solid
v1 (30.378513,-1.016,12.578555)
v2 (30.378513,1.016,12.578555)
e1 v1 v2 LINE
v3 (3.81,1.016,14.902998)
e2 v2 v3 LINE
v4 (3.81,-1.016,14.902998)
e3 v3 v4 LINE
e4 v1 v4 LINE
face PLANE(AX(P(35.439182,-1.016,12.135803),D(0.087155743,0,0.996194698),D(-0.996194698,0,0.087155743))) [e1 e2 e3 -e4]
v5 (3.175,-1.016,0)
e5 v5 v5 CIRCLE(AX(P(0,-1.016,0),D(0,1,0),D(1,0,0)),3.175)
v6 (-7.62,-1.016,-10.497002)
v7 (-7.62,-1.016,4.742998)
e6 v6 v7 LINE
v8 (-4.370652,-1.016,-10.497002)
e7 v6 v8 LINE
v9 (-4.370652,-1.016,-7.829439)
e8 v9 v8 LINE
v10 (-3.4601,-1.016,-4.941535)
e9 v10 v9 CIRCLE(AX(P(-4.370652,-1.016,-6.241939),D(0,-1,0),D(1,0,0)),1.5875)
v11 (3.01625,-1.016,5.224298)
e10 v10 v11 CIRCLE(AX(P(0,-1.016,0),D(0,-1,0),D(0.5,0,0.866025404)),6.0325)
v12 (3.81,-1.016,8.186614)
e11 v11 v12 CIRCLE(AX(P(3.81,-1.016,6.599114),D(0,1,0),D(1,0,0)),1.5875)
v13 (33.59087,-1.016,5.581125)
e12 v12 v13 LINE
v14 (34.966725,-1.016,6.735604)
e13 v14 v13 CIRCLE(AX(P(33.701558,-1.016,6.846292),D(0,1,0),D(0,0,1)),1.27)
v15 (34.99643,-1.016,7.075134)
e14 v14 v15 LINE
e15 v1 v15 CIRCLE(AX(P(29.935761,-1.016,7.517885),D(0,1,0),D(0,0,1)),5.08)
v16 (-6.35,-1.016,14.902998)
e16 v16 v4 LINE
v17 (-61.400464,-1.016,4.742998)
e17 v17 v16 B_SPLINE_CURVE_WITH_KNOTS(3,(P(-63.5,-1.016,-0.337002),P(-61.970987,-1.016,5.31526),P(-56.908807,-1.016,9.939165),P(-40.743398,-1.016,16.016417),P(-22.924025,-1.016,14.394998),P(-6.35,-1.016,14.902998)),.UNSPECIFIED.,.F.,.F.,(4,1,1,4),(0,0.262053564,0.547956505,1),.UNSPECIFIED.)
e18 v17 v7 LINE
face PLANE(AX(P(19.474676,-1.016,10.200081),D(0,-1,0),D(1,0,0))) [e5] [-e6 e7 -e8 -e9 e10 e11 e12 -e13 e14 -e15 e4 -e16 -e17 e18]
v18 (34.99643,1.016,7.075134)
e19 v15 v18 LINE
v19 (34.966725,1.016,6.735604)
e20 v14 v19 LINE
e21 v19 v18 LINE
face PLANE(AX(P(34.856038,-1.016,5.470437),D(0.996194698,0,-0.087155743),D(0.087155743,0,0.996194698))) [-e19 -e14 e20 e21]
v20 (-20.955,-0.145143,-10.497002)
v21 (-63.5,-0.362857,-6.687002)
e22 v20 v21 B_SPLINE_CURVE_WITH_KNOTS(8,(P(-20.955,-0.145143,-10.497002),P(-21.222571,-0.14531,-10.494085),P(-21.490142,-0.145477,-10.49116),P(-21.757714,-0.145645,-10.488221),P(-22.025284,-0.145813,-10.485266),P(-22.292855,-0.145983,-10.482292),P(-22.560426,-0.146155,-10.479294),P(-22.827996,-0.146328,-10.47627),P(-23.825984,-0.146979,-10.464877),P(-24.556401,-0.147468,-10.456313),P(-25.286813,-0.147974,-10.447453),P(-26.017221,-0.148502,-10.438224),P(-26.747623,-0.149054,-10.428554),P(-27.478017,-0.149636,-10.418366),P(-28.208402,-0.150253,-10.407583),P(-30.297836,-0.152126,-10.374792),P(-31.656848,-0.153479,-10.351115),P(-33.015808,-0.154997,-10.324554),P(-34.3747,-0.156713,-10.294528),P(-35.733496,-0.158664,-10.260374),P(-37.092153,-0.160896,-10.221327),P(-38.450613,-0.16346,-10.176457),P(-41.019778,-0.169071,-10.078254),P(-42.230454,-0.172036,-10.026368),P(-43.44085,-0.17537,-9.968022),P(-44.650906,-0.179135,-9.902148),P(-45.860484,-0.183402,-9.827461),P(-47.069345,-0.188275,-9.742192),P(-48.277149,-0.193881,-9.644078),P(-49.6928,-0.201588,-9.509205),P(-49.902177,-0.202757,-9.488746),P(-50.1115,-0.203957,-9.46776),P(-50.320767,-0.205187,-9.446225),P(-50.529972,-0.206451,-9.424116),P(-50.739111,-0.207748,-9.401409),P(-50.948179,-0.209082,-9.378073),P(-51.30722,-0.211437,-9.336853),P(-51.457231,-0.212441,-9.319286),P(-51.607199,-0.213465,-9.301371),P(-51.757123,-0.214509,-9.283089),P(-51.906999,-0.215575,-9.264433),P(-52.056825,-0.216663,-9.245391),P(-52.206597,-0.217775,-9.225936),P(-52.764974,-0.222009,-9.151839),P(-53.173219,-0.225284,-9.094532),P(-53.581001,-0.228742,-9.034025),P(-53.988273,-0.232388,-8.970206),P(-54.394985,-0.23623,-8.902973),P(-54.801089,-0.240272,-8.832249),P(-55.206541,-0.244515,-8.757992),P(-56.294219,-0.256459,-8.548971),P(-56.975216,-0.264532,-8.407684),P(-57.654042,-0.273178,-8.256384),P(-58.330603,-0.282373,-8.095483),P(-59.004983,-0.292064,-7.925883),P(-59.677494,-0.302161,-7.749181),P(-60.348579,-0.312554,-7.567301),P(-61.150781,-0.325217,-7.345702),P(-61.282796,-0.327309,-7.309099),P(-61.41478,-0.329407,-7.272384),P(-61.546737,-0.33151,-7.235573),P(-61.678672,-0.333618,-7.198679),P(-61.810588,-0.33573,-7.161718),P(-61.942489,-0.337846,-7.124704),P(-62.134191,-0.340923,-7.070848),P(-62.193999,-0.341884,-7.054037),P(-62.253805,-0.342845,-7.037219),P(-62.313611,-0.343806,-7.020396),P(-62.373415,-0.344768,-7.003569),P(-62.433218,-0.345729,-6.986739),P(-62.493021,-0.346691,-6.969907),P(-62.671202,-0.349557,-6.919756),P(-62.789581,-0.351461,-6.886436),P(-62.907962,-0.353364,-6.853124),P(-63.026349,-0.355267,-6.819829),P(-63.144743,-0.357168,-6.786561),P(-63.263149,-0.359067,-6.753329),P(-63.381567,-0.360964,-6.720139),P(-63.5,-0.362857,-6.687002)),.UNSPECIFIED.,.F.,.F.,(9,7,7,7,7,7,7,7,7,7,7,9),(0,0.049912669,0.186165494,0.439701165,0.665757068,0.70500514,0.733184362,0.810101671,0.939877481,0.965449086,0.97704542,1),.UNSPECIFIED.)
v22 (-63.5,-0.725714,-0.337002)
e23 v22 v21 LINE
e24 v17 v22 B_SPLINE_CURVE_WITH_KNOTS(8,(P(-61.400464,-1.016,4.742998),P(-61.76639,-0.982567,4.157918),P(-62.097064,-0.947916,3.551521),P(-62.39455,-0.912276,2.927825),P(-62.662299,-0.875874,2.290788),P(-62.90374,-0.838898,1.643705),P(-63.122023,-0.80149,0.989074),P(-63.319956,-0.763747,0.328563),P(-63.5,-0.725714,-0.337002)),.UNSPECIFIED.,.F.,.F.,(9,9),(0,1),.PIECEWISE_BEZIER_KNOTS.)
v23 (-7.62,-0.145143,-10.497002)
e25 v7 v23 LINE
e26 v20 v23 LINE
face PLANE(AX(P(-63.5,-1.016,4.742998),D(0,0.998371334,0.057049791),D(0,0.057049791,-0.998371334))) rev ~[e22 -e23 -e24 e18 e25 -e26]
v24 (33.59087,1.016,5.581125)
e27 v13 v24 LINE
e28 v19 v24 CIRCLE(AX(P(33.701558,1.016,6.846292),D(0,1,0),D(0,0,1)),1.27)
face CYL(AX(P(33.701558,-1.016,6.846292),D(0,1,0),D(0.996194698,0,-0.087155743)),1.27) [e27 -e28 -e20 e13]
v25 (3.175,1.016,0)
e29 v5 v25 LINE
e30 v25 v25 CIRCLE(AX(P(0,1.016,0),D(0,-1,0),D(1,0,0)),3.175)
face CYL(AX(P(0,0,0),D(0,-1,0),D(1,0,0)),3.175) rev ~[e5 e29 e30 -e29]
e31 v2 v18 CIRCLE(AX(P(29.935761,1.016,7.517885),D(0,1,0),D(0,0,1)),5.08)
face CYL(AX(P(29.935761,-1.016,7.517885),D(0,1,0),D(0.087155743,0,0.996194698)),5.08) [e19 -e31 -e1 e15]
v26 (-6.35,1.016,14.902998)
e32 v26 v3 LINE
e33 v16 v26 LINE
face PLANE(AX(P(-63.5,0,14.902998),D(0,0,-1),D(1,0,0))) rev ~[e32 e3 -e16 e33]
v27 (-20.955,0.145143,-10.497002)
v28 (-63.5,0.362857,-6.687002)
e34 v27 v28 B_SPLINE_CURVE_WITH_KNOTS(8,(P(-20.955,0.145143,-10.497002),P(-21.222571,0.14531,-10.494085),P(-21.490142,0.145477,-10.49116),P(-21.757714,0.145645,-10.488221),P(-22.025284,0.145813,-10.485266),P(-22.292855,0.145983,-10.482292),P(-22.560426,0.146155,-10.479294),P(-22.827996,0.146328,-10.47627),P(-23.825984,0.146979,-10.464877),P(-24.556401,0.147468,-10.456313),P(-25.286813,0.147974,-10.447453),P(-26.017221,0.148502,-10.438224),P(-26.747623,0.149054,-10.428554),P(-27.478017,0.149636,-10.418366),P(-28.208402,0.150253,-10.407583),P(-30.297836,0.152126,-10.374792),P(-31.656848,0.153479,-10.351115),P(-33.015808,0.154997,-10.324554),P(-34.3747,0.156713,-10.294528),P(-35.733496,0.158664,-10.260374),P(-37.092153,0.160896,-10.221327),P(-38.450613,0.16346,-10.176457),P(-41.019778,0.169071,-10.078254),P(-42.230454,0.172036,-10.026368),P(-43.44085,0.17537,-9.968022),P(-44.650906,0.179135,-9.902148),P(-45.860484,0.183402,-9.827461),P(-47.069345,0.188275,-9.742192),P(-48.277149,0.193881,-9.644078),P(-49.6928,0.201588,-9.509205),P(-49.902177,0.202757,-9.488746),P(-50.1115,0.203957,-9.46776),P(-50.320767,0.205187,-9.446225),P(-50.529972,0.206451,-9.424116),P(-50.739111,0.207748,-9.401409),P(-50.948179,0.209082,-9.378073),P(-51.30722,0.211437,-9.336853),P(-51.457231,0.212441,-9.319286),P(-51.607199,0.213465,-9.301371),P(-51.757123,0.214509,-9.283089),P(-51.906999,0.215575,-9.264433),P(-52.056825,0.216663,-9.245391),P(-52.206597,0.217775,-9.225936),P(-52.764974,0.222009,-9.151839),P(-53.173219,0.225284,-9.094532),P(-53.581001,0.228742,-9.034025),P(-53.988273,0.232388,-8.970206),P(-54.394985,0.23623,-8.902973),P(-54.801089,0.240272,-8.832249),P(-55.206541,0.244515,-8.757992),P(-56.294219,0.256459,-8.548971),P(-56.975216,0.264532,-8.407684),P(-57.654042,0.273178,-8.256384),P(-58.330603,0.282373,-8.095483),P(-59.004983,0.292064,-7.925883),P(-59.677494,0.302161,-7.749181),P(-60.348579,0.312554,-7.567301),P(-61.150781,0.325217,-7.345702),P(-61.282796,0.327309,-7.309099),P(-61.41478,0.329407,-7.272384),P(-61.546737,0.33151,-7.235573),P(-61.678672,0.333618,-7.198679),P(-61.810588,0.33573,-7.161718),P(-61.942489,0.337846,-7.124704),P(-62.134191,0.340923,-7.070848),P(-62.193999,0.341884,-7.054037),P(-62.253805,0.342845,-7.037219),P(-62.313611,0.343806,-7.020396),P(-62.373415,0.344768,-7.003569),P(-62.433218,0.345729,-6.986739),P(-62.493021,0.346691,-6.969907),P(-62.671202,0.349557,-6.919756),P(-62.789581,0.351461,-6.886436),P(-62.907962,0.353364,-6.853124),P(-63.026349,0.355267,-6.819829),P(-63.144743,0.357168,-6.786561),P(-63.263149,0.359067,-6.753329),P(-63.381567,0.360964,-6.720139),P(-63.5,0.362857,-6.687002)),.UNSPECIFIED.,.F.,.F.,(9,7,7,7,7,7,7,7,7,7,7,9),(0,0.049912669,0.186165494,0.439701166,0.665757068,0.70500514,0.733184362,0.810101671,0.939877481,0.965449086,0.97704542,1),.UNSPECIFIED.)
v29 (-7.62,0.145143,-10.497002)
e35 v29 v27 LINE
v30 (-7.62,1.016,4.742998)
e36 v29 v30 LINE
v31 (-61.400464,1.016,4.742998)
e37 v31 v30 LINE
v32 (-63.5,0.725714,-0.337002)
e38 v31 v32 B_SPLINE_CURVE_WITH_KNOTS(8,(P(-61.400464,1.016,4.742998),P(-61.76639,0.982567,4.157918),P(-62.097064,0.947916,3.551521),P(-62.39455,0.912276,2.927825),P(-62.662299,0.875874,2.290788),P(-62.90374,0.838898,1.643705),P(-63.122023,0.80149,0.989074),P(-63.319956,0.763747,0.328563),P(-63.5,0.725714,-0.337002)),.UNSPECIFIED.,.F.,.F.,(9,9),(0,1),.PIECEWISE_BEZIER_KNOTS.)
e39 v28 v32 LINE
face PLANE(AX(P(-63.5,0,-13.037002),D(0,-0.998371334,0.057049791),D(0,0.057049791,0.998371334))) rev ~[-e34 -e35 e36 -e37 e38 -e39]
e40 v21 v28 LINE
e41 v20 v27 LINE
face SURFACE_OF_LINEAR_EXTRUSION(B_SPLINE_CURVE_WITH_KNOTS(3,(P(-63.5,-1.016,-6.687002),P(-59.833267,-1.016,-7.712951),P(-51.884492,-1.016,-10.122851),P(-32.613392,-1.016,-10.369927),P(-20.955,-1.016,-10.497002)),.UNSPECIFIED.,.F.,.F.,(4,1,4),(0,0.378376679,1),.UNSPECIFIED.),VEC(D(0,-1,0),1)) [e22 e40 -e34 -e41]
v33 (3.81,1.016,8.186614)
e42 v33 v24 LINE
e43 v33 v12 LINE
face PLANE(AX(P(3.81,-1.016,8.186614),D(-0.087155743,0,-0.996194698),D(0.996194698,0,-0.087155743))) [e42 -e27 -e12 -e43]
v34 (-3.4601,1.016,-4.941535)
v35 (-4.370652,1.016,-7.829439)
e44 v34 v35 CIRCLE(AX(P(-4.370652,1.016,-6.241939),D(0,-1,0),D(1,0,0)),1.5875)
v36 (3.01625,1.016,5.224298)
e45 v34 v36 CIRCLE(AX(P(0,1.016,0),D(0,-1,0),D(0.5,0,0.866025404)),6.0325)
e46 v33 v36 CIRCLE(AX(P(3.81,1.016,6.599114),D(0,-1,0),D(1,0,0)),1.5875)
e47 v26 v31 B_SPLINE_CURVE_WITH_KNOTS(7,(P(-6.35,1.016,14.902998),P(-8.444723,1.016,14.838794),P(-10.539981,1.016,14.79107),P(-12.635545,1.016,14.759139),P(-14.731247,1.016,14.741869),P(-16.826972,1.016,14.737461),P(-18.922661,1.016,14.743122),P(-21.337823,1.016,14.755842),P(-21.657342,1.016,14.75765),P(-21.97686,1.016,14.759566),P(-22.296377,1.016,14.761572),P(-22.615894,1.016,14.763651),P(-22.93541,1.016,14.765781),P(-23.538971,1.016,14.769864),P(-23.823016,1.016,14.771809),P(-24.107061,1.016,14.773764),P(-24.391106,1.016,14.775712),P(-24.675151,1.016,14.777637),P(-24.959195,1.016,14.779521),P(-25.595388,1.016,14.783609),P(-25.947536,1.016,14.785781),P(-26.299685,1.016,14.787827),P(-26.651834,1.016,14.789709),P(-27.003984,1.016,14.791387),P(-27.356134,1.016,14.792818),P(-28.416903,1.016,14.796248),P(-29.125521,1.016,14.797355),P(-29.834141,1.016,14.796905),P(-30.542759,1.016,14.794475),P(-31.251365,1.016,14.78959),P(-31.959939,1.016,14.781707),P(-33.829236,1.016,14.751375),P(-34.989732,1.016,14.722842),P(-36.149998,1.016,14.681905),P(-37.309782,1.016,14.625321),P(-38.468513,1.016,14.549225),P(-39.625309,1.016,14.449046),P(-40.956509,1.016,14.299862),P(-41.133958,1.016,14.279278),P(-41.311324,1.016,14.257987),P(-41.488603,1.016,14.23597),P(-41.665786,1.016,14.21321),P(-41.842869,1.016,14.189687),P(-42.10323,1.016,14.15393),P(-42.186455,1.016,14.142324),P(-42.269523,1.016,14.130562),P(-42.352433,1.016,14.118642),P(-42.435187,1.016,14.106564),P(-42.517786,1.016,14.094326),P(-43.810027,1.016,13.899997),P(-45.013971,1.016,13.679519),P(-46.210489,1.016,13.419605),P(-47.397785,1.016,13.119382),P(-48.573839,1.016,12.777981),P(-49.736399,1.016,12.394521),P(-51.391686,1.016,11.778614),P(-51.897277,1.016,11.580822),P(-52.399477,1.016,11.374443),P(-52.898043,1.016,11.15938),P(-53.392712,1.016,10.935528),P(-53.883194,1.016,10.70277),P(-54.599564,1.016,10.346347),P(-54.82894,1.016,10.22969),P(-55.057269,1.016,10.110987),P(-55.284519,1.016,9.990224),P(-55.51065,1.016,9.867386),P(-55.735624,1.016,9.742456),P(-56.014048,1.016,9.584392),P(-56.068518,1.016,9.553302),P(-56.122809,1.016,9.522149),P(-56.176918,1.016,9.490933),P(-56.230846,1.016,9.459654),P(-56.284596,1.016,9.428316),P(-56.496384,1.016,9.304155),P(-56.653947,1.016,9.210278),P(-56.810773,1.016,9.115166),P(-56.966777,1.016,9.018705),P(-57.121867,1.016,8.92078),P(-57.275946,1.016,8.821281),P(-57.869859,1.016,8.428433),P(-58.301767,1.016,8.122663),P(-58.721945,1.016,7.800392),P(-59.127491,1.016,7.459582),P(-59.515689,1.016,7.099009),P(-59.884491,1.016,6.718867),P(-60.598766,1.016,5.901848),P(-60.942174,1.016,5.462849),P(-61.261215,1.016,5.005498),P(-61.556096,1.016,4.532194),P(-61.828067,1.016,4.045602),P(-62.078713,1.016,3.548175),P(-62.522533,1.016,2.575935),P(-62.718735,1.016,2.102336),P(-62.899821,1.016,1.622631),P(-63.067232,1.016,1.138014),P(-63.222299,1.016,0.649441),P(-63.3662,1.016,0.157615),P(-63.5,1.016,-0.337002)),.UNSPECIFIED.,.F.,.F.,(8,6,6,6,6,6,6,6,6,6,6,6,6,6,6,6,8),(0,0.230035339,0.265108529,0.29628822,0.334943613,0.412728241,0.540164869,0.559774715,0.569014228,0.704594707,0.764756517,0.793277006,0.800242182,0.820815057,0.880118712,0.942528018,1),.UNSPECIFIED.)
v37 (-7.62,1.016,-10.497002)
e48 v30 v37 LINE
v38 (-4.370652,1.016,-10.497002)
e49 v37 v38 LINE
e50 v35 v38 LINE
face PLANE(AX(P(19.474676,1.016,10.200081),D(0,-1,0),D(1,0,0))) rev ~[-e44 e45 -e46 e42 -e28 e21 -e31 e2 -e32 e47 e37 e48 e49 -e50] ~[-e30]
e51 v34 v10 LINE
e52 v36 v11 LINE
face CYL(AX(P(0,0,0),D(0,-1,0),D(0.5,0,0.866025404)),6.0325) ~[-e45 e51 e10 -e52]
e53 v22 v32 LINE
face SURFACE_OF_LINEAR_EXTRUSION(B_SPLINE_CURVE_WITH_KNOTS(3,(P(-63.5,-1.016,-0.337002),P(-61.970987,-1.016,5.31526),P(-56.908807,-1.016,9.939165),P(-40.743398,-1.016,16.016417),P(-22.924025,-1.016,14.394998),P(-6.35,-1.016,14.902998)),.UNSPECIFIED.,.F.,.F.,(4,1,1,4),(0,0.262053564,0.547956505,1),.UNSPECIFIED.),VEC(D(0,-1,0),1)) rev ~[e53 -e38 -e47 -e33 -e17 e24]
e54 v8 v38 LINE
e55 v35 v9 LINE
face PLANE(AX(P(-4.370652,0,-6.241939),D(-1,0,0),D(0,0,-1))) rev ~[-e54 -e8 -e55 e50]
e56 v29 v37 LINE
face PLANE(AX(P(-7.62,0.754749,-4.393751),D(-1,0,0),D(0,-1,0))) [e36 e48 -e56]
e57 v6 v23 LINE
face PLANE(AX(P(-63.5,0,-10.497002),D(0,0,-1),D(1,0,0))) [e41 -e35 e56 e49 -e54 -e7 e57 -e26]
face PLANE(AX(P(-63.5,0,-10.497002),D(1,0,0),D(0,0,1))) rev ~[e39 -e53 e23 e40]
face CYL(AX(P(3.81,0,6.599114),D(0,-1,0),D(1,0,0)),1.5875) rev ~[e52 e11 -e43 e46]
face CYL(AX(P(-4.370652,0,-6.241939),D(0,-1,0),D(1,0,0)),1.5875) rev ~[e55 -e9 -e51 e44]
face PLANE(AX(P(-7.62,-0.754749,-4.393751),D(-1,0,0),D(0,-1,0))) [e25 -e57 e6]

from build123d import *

# Parameters (mm, degrees)
F1_W      = 73.9775
F1_H      = 25.4
F2_DEPTH  = 1.016
F0_R      = 3.175
F0_R_2    = 1.5875
F3_DEPTH  = 12.7
F5_DEPTH  = 12.7
F7_DEPTH  = 25.4
F9_DEPTH  = 25.4
F11_DEPTH = 2.032
F12_R     = 5.08
F13_R     = 1.27
F15_DEPTH = 55.88


with BuildPart() as f2:
    # F1 (on Front) → F2 (new body, symmetric)
    with BuildSketch(Plane.XZ):
        with Locations((-26.51125, 2.202998161)):
            Rectangle(F1_W, F1_H)
    extrude(amount=F2_DEPTH, both=True)

    # F0 (on Front) → F3 (cut, symmetric)
    with BuildSketch(Plane.XZ):
        Circle(F0_R)
        with Locations((3.81, 6.5991135768)):
            Circle(F0_R_2)
        with Locations((-4.370652445, -6.2419385775)):
            Circle(F0_R_2)
    extrude(amount=F3_DEPTH, both=True, mode=Mode.SUBTRACT)

    # F4 (on Front) → F5 (cut, symmetric)
    with BuildSketch(Plane.XZ):
        with BuildLine():
            Line((10.4775, 14.902998161), (3.81, 14.902998161))
            Line((3.81, 14.902998161), (3.81, 6.5991135768))
            Line((3.81, 6.5991135768), (3.01625, 5.2242982483))
            ThreePointArc((3.01625, 5.2242982483), (5.0877588969, -3.2412598874), (-3.4600998523, -4.9415347072))
            Line((-3.4600998523, -4.9415347072), (-4.370652445, -6.2419385775))
            Line((-4.370652445, -6.2419385775), (-4.370652445, -10.497001839))
            Line((-4.370652445, -10.497001839), (10.4775, -10.497001839))
            Line((10.4775, -10.497001839), (10.4775, 14.902998161))
        make_face()
    extrude(amount=F5_DEPTH, both=True, mode=Mode.SUBTRACT)

    # F6 (on face) → F7 (cut)
    with BuildSketch(Plane.XZ.offset(1.016)):
        with BuildLine():
            Line((-63.5, 14.902998161), (-63.5, -0.337001839))
            add(Edge.make_bspline(
                [(-63.5, -0.337001839), (-61.9709865273, 5.3152601071), (-56.9088066681, 9.9391648672), (-40.7433982706, 16.0164172167), (-22.924024983, 14.394998161), (-6.35, 14.902998161)],
                knots=[0, 0, 0, 0, 0.2620535636, 0.5479565048, 1, 1, 1, 1], degree=3))
            Line((-6.35, 14.902998161), (-63.5, 14.902998161))
        make_face()
    extrude(amount=-F7_DEPTH, mode=Mode.SUBTRACT)

    # F8 (on face) → F9 (cut)
    with BuildSketch(Plane.XZ.offset(1.016)):
        with BuildLine():
            add(Edge.make_bspline(
                [(-63.5, -6.687001839), (-59.8332667097, -7.7129509305), (-51.8844924226, -10.1228512544), (-32.61339221, -10.3699269009), (-20.955, -10.497001839)],
                knots=[0, 0, 0, 0, 0.378376679, 1, 1, 1, 1], degree=3))
            Line((-63.5, -6.687001839), (-63.5, -10.497001839))
            Line((-63.5, -10.497001839), (-20.955, -10.497001839))
        make_face()
    extrude(amount=-F9_DEPTH, mode=Mode.SUBTRACT)

    # F10 (on face) → F11 (join, through all)
    with BuildSketch(Plane.XZ.offset(1.016)):
        Polygon((35.4391816644, 12.1358033288), (3.81, 14.902998161), (3.81, 8.1866135768), (34.8560376926, 5.4704372313), align=None)
    extrude(amount=-F11_DEPTH)

    # F12
    f12_edges = [f2.edges().sort_by_distance(p)[0] for p in [
        (35.439182, 0, 12.135803),
    ]]
    fillet(f12_edges, radius=F12_R)

    # F13
    f13_edges = [f2.edges().sort_by_distance(p)[0] for p in [
        (34.856038, 0, 5.470437),
    ]]
    fillet(f13_edges, radius=F13_R)

    # F14 (on face) → F15 (cut)
    with BuildSketch(Plane(origin=(-63.5, 0, 0), x_dir=(0, -1, 0), z_dir=(-1, 0, 0))):
        Polygon((0, -13.037001839), (-1.016, 4.742998161), (-1.016, -13.037001839), align=None)
        Polygon((1.016, 4.742998161), (0, -13.037001839), (1.016, -13.037001839), align=None)
    extrude(amount=-F15_DEPTH, mode=Mode.SUBTRACT)


solid = f2.part
